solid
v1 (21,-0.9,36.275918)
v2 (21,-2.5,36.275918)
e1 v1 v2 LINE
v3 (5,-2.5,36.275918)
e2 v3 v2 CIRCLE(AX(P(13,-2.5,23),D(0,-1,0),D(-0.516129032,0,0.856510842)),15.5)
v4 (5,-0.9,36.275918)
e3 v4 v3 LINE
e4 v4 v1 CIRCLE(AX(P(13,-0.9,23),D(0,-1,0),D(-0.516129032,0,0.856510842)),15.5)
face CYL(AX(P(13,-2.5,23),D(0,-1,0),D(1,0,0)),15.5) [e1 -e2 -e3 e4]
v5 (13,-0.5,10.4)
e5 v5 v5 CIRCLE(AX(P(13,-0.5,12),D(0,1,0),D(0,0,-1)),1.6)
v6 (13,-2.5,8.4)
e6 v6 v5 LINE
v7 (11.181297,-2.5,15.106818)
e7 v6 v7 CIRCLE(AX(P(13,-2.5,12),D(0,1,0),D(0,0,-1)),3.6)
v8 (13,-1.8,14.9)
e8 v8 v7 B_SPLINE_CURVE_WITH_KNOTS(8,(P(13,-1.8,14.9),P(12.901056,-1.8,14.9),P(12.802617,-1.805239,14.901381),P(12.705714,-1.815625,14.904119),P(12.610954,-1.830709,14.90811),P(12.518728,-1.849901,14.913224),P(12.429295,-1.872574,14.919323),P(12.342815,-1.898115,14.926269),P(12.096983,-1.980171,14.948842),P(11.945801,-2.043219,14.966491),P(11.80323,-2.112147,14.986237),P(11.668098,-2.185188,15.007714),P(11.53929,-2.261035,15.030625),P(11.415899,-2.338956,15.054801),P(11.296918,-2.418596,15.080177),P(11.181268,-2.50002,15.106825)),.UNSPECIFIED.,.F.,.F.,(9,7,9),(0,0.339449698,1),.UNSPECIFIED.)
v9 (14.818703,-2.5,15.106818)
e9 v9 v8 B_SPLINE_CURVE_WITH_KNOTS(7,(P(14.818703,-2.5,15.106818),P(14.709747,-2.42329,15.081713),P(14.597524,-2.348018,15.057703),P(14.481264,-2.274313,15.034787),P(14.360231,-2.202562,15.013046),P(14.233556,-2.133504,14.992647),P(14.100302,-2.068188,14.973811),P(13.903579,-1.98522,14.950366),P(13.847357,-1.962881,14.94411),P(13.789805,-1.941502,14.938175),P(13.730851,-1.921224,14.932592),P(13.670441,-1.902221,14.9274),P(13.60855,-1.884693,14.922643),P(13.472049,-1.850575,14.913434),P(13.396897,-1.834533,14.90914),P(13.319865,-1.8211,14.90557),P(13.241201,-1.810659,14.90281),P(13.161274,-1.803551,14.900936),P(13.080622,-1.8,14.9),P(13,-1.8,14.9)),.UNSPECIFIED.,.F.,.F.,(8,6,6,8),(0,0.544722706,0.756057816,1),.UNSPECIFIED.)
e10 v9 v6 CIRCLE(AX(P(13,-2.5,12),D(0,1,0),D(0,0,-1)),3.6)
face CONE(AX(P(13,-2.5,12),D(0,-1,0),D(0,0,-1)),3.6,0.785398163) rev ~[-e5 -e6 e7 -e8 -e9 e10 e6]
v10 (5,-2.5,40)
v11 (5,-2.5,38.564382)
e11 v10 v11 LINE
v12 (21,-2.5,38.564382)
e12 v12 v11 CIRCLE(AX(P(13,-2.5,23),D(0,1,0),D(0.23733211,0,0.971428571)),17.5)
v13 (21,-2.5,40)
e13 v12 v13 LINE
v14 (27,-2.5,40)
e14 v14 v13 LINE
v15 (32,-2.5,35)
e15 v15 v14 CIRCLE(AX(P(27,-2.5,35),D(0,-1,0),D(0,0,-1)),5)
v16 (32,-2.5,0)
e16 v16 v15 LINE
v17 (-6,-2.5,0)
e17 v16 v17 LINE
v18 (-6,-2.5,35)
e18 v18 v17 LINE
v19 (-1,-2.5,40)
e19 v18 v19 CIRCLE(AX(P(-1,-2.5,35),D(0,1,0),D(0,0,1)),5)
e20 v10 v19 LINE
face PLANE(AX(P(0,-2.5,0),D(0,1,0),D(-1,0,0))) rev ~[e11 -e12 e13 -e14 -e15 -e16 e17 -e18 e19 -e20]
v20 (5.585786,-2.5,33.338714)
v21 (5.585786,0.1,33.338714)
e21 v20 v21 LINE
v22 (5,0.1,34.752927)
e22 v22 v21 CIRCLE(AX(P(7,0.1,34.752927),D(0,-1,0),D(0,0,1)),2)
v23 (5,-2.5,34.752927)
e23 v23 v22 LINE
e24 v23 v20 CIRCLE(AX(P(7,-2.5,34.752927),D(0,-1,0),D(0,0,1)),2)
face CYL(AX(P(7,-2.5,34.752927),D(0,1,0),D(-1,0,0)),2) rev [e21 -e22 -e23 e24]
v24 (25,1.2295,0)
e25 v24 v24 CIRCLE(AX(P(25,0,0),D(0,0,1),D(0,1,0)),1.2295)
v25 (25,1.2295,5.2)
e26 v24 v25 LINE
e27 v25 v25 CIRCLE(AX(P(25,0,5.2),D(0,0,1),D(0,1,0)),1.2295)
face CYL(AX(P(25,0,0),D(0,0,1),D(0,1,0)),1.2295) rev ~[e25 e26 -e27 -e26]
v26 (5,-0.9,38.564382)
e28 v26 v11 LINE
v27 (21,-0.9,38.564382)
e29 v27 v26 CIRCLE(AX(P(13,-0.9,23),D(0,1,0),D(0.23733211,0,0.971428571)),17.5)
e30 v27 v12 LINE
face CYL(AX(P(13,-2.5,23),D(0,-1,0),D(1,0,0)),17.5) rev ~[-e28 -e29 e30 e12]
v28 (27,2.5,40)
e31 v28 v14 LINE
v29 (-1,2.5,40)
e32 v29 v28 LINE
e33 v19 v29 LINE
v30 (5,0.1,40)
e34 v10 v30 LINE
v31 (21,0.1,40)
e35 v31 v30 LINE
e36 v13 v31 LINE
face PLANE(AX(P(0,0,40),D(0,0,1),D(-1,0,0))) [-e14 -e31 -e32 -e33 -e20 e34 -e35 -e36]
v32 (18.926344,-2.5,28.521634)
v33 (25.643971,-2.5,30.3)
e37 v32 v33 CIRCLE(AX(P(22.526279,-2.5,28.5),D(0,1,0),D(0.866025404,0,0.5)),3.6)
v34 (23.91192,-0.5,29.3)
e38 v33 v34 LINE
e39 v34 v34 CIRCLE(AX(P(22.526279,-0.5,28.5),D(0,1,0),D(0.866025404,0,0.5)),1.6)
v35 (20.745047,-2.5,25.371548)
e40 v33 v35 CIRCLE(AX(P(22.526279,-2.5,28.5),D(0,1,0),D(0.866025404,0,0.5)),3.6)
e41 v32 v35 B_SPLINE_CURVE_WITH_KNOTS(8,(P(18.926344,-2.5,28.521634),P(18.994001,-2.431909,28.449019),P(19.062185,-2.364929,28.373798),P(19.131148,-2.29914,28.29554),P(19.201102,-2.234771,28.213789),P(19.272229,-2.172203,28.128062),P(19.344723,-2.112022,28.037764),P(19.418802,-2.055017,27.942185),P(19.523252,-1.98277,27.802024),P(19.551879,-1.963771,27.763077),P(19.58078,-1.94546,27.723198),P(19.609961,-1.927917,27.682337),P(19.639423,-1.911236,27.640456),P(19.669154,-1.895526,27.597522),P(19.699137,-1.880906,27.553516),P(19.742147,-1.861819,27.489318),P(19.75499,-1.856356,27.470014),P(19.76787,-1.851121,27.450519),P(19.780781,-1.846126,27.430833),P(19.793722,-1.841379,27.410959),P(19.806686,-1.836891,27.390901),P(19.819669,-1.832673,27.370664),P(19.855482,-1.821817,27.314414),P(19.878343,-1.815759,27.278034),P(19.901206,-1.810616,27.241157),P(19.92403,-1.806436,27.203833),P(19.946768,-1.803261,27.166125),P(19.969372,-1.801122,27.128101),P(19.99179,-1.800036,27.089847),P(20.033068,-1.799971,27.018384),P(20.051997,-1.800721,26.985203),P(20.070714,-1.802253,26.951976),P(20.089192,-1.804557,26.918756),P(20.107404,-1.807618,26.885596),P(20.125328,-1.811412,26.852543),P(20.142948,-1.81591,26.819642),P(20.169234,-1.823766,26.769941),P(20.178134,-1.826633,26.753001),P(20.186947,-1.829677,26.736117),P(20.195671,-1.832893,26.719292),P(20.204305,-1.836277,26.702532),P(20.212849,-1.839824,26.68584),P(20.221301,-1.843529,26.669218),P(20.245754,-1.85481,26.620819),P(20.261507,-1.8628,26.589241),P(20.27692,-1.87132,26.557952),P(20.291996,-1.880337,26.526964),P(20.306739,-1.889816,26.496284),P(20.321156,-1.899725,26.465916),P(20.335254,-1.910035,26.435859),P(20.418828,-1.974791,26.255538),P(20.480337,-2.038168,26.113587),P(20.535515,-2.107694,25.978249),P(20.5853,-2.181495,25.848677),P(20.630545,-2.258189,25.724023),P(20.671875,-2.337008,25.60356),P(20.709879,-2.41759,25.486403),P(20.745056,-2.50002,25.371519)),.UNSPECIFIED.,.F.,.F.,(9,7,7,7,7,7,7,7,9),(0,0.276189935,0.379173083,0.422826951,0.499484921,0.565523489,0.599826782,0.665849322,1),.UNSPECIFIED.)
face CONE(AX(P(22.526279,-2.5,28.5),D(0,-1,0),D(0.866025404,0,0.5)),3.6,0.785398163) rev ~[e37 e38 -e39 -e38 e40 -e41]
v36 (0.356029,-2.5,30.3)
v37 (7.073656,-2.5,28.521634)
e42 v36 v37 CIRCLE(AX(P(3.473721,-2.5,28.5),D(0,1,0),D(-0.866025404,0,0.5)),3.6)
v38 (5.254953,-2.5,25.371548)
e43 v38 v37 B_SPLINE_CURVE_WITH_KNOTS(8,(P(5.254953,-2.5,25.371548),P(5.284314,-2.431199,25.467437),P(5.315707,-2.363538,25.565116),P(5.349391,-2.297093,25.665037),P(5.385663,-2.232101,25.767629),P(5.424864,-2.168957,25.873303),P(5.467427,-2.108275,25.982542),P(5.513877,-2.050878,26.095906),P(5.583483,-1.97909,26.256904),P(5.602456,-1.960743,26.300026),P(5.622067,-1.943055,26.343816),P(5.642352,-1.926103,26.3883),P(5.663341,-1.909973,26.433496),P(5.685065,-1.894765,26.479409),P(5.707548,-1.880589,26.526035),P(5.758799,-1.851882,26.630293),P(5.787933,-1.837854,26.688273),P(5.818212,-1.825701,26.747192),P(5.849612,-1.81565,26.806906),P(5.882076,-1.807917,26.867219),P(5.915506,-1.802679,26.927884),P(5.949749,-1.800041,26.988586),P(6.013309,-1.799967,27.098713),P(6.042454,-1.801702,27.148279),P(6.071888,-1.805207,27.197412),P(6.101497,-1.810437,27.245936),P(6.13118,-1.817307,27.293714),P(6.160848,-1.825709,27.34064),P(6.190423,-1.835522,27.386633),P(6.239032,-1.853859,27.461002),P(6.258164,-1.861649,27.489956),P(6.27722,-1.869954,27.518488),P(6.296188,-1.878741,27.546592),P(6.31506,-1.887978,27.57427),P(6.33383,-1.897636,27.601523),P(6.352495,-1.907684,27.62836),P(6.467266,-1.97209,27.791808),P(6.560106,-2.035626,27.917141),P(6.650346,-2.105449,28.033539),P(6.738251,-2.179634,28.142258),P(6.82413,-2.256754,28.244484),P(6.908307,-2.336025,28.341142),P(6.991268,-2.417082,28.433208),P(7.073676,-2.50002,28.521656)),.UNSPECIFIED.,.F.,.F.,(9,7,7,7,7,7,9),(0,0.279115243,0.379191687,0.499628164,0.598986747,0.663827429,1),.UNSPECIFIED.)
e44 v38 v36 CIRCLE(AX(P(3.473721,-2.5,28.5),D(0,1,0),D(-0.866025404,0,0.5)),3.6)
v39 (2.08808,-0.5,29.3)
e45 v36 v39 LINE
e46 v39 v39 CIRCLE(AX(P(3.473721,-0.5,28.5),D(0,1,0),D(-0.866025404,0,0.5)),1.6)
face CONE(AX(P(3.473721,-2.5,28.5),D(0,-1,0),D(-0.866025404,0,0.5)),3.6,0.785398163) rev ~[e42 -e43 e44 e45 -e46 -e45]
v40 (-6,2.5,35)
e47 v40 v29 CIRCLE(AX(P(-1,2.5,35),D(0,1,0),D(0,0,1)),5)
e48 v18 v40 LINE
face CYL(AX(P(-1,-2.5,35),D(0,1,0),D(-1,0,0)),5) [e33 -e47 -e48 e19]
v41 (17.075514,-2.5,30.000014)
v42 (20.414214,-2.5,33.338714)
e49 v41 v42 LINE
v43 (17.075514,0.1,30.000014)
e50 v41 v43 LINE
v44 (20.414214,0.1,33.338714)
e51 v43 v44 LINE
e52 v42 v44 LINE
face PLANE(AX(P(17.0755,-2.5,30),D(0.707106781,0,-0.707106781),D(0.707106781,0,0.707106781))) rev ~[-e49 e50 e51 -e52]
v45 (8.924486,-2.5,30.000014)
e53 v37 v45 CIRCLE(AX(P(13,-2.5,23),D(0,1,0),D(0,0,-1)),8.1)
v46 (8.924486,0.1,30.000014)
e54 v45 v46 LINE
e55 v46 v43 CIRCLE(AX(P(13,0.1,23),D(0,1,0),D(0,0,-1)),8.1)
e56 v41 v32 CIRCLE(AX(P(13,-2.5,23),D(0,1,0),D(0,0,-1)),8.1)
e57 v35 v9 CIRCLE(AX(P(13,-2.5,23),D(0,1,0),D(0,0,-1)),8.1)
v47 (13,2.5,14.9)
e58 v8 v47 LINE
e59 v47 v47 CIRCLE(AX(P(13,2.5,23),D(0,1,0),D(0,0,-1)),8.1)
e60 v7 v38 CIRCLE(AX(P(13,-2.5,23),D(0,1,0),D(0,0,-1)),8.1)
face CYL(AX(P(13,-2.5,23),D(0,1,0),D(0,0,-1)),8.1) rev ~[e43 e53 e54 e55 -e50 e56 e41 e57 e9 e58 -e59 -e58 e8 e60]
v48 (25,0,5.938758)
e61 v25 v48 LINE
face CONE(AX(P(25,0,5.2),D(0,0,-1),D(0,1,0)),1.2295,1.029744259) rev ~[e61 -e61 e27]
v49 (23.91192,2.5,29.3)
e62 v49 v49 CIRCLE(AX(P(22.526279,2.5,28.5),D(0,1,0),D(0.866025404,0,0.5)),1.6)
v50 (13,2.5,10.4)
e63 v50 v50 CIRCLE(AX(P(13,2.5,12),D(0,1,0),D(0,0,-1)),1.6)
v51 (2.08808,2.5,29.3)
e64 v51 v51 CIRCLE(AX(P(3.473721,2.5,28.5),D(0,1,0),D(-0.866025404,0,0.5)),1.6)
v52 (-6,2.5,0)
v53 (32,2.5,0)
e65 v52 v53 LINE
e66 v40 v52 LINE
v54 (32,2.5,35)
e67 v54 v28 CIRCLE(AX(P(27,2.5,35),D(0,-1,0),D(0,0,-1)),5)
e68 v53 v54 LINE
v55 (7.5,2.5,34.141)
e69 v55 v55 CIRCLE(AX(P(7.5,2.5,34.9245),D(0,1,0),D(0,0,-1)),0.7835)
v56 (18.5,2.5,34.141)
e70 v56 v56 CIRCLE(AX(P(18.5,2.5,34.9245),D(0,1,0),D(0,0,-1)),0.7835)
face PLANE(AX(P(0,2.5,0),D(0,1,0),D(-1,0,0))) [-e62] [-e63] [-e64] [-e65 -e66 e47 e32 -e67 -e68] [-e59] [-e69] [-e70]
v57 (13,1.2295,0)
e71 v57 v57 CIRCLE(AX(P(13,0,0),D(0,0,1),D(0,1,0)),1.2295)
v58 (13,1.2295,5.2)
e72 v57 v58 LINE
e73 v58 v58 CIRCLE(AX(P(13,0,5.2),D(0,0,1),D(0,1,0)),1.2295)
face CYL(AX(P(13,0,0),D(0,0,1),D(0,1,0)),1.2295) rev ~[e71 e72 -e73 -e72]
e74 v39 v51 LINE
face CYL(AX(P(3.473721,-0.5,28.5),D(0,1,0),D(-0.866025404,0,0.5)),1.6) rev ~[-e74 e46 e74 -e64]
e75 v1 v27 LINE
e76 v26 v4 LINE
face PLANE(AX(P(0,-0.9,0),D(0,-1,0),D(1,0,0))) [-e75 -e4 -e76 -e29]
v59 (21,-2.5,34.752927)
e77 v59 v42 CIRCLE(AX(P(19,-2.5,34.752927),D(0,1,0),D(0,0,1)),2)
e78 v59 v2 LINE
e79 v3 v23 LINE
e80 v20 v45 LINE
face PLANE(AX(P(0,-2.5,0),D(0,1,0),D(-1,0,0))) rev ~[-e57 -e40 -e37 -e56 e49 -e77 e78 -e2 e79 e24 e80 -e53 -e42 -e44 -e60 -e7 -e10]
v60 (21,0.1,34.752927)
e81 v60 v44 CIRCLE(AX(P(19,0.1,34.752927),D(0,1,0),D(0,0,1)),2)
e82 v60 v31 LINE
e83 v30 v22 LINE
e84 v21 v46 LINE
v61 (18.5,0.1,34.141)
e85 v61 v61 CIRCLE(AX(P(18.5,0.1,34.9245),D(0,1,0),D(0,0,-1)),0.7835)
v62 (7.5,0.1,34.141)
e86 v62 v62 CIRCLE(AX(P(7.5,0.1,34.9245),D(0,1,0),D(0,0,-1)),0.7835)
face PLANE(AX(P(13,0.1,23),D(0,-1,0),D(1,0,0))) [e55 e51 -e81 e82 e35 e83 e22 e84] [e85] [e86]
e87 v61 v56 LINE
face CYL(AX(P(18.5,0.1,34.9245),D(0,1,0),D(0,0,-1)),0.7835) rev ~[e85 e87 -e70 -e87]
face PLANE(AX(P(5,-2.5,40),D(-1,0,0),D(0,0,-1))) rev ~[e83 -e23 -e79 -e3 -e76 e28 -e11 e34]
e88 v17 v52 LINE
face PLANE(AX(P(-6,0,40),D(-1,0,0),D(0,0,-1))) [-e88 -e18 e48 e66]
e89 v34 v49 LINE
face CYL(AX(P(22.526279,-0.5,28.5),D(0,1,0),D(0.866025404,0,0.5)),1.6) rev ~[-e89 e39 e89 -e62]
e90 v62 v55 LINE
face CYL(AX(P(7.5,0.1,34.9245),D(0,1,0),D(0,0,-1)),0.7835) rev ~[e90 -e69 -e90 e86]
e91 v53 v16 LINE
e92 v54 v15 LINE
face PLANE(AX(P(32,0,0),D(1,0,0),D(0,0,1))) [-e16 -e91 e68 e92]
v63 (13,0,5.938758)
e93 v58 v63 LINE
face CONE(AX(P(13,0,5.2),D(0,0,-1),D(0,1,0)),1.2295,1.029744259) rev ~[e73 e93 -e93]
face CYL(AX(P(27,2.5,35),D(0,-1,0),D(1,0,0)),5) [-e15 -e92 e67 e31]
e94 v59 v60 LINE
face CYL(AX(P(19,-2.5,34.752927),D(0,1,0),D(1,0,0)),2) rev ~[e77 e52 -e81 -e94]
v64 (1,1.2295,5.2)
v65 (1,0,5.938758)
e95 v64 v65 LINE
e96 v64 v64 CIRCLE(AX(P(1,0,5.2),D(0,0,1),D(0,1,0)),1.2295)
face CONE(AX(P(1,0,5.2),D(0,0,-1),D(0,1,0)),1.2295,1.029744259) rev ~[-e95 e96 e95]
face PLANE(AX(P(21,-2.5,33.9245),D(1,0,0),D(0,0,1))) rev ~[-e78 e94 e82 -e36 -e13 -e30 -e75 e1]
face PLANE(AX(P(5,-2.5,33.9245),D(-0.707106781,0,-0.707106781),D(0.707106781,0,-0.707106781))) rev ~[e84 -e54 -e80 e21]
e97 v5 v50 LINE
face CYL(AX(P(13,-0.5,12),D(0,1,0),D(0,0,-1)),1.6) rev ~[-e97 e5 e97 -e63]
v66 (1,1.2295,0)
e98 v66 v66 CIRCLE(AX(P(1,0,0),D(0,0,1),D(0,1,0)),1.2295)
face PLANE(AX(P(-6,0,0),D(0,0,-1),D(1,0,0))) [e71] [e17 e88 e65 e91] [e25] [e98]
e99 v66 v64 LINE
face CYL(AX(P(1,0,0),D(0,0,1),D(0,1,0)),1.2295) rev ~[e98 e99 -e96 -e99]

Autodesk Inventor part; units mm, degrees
ref_plane "YZ Plane" through (0, 0, 0) normal (1, 0, 0) x (0, 1, 0)
ref_plane "XZ Plane" through (0, 0, 0) normal (0, 1, 0) x (-1, 0, 0)
ref_plane "XY Plane" through (0, 0, 0) normal (0, 0, 1) x (1, 0, 0)
sketch "Skizze1" plane through (0, 0, 0) normal (0, 1, 0) x (-1, 0, 0)
  line L0 (6, 0) -> (-32, 0)
  line L1 (-32, 0) -> (-32, 40)
  line L2 (-32, 40) -> (6, 40)
  line L3 (6, 40) -> (6, 0)
  line L4 (0, -18.996) -> (0, 55.666) projected
  circle A0 centre (-13, 23) radius 0.5
  circle A1 centre (-13, 23) radius 22 construction
  line L5 (0, -8.33) -> (0, 0) construction
  line L6 (-13, 23) -> (-13, 1) construction
  line L7 (9, 23) -> (-35, 23) construction
  dimension "d0" = 40
  dimension "d1" = 38
  dimension "d83" = 1
  dimension "d85" = 44
  dimension "d138" = 13
  dimension "d140" = 8.33
  dimension "d176" = 23
extrude "Extrusion1" add sketch "Skizze1" along normal mid plane 5
sketch "Skizze12" plane through (0, -2.5, 0) normal (0, -1, 0) x (1, 0, 0)
  circle A0 centre (13, 23) radius 0.5 projected
  circle A1 centre (13, 23) radius 0.5 projected
  point P0 (0, 0)
hole "Motormitte" at (13, -2.5, 23) direction (0, 1, 0) diameter 16.2 end through all
sketch "Skizze13" plane through (0, -2.5, 0) normal (0, -1, 0) x (1, 0, 0)
  circle A0 centre (13, 23) radius 0.5 projected
  circle A1 centre (13, 23) radius 0.5 construction
  circle A2 centre (13, 23) radius 11 construction
  line L0 (13, 23) -> (13, 12) construction
  point P0 (0, 0)
  dimension "d106" = 22
hole "Motorschraube" at (13, -2.5, 12) direction (0, 1, 0) diameter 3.2 end through all countersink diameter 7.2 countersink angle 90
pattern_circular "Motorschrauben" count 3 over 360 about axis through (13, 0, 23) along (0, 1, 0) of "Motorschraube"
sketch "Skizze14" plane through (32, 2.5, 0) normal (0, 0, -1) x (-1, 0, 0)
  line L0 (32, -6) -> (32, 1) projected
  line L1 (24.9263, -5) -> (13.0737, -5) projected
  line L2 (27.1, 0) -> (27.1, 0) projected
  line L3 (19, -5) -> (19, 0) construction
  line L4 (31, -2.5) -> (7, -2.5) construction
  line L5 (22.6, -5) -> (15.4, -5) projected
  line L6 (38, 0) -> (38, -5) projected
  line L7 (0, 0) -> (38, 0) projected
  line L8 (0, 0) -> (0, -5) projected
  line L9 (38, -5) -> (0, -5) projected
  point P0 (32, -2.5)
  point P1 (19, -2.5)
  point P2 (17.1813, -5)
  point P3 (20.8187, -5)
  point P4 (19, -2.5)
  dimension "d139" = 24
hole "Montage" at (1, 0, 0) at (25, 0, 0) at (13, 0, 0) direction (0, 0, 1) diameter 2.459 depth 5.2 tip angle 118 thread size "M3x0.5" class "6H" standard "ISO Metric profile"
fillet "Rundung1" radius 5 2 edges at (32, 0, 40) (-6, 0, 40)
sketch "Skizze21" plane through (0, -2.5, 0) normal (0, -1, 0) x (1, 0, 0)
  arc A0 (5.255, 25.3715) -> (11.1813, 15.1068) centre (13, 23) ccw projected
  circle A1 centre (13, 23) radius 15.5
  circle A2 centre (13, 23) radius 17.5
  point P0 (0, 0)
  dimension "d177" = 31
  dimension "d178" = 35
extrude "Extrusion8" cut sketch "Skizze21" against normal blind 1.6
sketch "Skizze22" plane through (13, -2.5, 23) normal (0, -1, 0) x (1, 0, 0)
  circle A0 centre (-5.5, 11.9245) radius 2 construction
  circle A1 centre (5.5, 11.9245) radius 2 construction
  line L0 (-2.0788, 13.9499) -> (1.9212, 13.9499) construction
  line L1 (1.9212, 13.9499) -> (1.9212, 8.7499) construction
  line L2 (1.9212, 8.7499) -> (-2.0788, 8.7499) construction
  line L3 (-2.0788, 8.7499) -> (-2.0788, 13.9499) construction
  line L4 (-8, 10.9245) -> (-4.0755, 7)
  line L5 (-4.0755, 7) -> (4.0755, 7)
  line L6 (4.0755, 7) -> (8, 10.9245)
  line L7 (8, 10.9245) -> (8, 17)
  line L8 (8, 17) -> (-8, 17)
  line L9 (-8, 17) -> (-8, 10.9245)
  arc A2 (1.8187, -7.8932) -> (7.745, 2.3715) centre (0, 0) ccw construction
  line L10 (0, 0) -> (0, 17) construction
  line L11 (-14, 17) -> (14, 17) construction
  circle A3 centre (0, 0) radius 12.7 construction
  line L12 (-2.0788, 11.3499) -> (1.9212, 11.3499) construction
  circle A4 centre (0, 0) radius 10.2 construction
  arc A5 (5.9263, 5.5216) -> (-5.9263, 5.5216) centre (0, 0) ccw construction
  line L13 (-8, 10.9245) -> (8, 10.9245) construction
  point P0 (-13, -23)
  dimension "d181" = 4
  dimension "d182" = 4
  dimension "d183" = 5.2
  dimension "d184" = 4
  dimension "d185" = 25.4
  dimension "d186" = 20.4
  dimension "d187" = 45
  dimension "d188" = 7
  dimension "d189" = 16
  dimension "d192" = 11
  dimension "d193" = 1
extrude "Extrusion9" cut sketch "Skizze22" against normal blind 2.6
sketch "Skizze23" plane through (13, 0.1, 23) normal (0, -1, 0) x (1, 0, 0)
  arc A0 (4.0755, 7) -> (-4.0755, 7) centre (0, 0) ccw projected
  line L0 (8, 10.9245) -> (4.0755, 7) projected
  line L1 (8, 17) -> (8, 10.9245) projected
  line L2 (-8, 17) -> (8, 17) projected
  line L3 (-8, 10.9245) -> (-8, 17) projected
  line L4 (-4.0755, 7) -> (-8, 10.9245) projected
  line L5 (-8, 10.9245) -> (-8, 17) construction
  line L6 (-8, 10.9245) -> (8, 10.9245) construction
  line L7 (0, 0) -> (0, 17) construction
  line L8 (-14, 17) -> (14, 17) construction
  point P0 (-13, -23)
  point P1 (-5.5, 11.9245)
  point P2 (5.5, 11.9245)
  dimension "d194" = 11
  dimension "d195" = 1
hole "Bohrung13" at (7.5, 0.1, 34.9245) at (18.5, 0.1, 34.9245) direction (0, 1, 0) diameter 1.567 end through all thread size "M2x0.4" class "6H" standard "ISO Metric profile"
fillet "Rundung2" radius 2 2 edges at (5, -1.2, 33.9245) (21, -1.2, 33.9245)
properties part number "Lagerbock" material "Aluminium 6061"
